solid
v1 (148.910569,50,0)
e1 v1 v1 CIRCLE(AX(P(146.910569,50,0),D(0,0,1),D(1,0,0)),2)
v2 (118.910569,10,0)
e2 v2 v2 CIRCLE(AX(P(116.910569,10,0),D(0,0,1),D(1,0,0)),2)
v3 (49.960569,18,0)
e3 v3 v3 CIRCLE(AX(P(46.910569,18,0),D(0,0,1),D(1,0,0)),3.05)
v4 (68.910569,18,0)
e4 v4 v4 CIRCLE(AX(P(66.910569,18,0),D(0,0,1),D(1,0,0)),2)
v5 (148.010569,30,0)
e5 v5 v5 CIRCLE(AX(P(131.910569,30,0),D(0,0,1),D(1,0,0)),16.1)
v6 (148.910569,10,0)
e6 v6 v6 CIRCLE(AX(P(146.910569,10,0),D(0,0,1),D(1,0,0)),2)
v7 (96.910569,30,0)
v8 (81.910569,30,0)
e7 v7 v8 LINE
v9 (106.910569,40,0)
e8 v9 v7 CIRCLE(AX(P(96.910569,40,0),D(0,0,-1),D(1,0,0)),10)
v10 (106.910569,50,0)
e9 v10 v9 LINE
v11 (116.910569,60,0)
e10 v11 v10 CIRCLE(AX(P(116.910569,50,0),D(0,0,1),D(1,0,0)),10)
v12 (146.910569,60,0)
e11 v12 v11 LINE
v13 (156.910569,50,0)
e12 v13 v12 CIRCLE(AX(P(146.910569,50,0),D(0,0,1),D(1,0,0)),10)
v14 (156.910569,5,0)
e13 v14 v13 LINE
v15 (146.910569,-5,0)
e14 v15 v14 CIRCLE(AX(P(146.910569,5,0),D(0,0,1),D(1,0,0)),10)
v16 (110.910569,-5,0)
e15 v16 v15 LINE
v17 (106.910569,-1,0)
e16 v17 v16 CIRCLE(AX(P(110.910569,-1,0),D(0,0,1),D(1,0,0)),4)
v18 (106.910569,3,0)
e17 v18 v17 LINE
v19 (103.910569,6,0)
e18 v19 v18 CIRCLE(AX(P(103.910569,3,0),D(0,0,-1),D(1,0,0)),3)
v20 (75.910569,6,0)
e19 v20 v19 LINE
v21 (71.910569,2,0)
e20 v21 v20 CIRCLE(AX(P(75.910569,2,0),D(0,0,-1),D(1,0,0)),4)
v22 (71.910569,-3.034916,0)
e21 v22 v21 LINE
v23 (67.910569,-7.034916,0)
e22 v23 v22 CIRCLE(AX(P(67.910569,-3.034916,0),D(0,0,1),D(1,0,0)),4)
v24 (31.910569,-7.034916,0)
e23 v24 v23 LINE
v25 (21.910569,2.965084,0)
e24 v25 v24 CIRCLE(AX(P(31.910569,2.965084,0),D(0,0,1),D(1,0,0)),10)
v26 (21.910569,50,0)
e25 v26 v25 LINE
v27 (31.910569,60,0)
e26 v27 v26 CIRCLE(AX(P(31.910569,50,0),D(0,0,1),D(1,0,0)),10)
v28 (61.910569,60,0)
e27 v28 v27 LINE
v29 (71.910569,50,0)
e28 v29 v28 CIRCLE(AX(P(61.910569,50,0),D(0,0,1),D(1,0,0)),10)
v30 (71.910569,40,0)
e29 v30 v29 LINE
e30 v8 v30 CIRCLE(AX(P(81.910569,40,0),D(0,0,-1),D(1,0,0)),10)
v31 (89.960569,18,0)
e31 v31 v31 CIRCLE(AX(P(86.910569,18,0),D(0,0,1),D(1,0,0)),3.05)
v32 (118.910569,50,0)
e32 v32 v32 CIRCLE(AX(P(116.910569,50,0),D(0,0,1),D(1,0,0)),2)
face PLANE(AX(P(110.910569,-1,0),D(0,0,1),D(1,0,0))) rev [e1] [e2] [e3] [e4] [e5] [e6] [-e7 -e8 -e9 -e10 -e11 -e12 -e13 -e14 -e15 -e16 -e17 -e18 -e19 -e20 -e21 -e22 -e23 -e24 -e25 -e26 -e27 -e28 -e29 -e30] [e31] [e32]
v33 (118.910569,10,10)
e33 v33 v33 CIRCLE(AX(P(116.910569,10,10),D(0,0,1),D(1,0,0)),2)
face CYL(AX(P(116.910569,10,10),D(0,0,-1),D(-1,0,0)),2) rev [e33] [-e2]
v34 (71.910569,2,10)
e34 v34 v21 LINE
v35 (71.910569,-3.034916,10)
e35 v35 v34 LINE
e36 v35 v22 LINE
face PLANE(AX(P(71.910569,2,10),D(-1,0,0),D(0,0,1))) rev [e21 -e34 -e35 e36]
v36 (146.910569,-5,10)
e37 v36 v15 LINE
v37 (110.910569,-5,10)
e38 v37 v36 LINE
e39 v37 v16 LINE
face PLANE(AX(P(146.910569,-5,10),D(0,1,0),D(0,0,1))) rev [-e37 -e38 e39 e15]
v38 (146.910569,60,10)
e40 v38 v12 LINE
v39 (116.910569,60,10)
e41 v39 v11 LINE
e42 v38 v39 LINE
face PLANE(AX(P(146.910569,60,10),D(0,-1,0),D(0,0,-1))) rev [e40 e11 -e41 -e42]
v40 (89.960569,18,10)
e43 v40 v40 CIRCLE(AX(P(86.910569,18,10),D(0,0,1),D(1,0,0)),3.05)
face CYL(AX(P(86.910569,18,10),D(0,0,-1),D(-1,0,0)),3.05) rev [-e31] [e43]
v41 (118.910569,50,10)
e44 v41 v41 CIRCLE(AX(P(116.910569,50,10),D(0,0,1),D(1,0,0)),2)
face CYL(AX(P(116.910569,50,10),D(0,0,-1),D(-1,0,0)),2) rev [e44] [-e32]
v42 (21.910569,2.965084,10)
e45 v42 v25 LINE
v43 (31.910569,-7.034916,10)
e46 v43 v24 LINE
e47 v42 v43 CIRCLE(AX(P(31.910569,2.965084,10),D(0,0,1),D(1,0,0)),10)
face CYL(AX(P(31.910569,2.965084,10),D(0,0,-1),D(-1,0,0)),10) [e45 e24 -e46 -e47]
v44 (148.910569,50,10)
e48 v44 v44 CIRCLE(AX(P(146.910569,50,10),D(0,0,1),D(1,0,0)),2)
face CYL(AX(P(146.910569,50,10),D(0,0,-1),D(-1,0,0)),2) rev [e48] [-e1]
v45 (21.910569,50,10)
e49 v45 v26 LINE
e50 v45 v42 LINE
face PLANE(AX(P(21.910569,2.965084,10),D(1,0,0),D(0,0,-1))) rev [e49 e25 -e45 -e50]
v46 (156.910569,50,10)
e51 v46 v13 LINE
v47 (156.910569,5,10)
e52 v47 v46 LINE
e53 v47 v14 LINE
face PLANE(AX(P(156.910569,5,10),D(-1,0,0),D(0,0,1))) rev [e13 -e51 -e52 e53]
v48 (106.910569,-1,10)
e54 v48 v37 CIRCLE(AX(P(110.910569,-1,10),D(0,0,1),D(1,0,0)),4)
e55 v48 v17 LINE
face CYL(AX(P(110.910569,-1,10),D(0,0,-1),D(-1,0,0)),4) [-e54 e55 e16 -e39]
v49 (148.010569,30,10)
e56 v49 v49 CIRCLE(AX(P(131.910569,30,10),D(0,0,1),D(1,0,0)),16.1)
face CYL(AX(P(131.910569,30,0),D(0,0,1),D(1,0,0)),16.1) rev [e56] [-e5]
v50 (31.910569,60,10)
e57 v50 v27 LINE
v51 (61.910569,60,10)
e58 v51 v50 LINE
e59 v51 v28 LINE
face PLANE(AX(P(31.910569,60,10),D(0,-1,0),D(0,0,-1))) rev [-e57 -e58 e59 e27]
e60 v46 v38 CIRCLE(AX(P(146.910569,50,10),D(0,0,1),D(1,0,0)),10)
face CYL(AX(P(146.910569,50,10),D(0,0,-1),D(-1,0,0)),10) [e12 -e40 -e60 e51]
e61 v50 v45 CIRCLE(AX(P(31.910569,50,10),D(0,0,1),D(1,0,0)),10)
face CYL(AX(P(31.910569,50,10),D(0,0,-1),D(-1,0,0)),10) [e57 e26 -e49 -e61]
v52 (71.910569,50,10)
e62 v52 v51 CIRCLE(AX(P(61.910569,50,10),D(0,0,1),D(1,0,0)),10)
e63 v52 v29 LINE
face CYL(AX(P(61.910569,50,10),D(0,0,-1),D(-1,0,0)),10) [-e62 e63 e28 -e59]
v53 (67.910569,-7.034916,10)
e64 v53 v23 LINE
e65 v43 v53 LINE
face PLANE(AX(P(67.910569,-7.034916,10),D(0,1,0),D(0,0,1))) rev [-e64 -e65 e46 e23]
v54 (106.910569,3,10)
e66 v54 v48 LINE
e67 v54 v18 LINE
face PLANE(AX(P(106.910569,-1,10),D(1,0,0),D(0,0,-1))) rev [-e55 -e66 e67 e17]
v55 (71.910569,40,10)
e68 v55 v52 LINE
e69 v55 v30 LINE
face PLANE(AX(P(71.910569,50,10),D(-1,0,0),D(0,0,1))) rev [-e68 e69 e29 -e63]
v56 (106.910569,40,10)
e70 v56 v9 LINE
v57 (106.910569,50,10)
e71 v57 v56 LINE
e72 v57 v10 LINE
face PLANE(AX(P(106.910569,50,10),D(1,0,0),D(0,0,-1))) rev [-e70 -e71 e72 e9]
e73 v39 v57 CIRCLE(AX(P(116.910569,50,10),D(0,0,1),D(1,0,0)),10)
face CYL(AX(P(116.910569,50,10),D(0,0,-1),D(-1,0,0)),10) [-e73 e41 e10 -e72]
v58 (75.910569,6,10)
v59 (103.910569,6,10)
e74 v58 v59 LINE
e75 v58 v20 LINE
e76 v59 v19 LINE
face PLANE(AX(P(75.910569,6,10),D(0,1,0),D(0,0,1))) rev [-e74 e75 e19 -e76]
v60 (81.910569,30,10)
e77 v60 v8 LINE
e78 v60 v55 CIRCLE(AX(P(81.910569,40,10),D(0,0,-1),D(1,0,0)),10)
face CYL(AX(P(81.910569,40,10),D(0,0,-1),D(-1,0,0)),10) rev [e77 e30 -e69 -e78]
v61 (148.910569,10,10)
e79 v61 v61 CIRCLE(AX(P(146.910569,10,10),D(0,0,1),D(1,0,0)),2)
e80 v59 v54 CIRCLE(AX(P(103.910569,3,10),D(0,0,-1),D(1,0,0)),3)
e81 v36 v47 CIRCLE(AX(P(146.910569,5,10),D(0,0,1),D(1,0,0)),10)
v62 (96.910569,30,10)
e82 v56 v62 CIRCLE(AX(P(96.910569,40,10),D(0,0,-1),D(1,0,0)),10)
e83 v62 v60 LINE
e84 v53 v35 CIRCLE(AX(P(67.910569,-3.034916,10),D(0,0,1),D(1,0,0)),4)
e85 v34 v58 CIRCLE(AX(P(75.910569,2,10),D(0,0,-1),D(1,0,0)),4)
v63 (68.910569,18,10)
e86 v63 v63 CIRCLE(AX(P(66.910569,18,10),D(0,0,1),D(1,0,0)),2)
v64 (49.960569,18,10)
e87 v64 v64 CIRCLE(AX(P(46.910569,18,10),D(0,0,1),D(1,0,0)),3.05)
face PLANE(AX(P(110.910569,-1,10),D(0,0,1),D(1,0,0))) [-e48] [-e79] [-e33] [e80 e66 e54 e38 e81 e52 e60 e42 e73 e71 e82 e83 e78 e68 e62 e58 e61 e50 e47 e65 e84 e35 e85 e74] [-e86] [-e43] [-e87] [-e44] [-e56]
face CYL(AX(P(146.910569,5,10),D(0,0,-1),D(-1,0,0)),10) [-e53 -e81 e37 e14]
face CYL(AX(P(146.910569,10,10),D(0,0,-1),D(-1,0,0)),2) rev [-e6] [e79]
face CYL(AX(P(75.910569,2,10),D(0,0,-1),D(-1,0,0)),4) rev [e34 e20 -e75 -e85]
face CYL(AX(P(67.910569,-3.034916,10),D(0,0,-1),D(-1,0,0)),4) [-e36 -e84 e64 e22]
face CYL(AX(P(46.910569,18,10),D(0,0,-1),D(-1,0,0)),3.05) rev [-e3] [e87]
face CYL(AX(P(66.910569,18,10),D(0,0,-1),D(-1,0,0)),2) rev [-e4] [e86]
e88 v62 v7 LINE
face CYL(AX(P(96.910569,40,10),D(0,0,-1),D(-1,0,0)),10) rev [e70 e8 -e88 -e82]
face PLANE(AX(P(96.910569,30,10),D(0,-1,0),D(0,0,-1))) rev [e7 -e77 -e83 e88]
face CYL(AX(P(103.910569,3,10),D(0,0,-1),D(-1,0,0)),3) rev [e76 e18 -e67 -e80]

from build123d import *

# Parameters (mm, degrees)
MODEL_R             = 2
MODEL_R_2           = 3.05
MODEL_R_3           = 6.75
BOSS_EXTRUDE1_DEPTH = 10
SKETCH2_R           = 16.1
CUT_EXTRUDE1_DEPTH  = 10


with BuildPart() as part:
    # Model → Boss-Extrude1 (new body)
    with BuildSketch(Plane.XY):
        with BuildLine():
            Line((106.910569106, -1), (106.910569106, 3))
            ThreePointArc((106.910569106, 3), (106.031889449, 5.121320344), (103.910569106, 6))
            Line((103.910569106, 6), (75.910569106, 6))
            ThreePointArc((75.910569106, 6), (73.082141981, 4.828427125), (71.910569106, 2))
            Line((71.910569106, 2), (71.910569106, -3.03491552))
            ThreePointArc((71.910569106, -3.03491552), (70.73899623, -5.863342645), (67.910569106, -7.034915521))
            Line((67.910569106, -7.034915521), (31.910569106, -7.034915521))
            ThreePointArc((31.910569106, -7.034915521), (24.839501294, -4.105983332), (21.910569106, 2.96508448))
            Line((21.910569106, 2.96508448), (21.910569106, 50))
            ThreePointArc((21.910569106, 50), (24.839501294, 57.071067812), (31.910569106, 60))
            Line((31.910569106, 60), (61.910569106, 60))
            ThreePointArc((61.910569106, 60), (68.981636918, 57.071067812), (71.910569106, 50))
            Line((71.910569106, 50), (71.910569106, 40))
            ThreePointArc((71.910569106, 40), (74.839501294, 32.928932188), (81.910569106, 30))
            Line((81.910569106, 30), (96.910569106, 30))
            ThreePointArc((96.910569106, 30), (103.981636918, 32.928932188), (106.910569106, 40))
            Line((106.910569106, 40), (106.910569106, 50))
            ThreePointArc((106.910569106, 50), (109.839501294, 57.071067812), (116.910569106, 60))
            Line((116.910569106, 60), (146.910569106, 60))
            ThreePointArc((146.910569106, 60), (153.981636918, 57.071067812), (156.910569106, 50))
            Line((156.910569106, 50), (156.910569106, 5))
            ThreePointArc((156.910569106, 5), (153.981636918, -2.071067812), (146.910569106, -5))
            Line((146.910569106, -5), (110.910569106, -5))
            ThreePointArc((110.910569106, -5), (108.082141981, -3.828427125), (106.910569106, -1))
        make_face()
        with Locations((66.910569106, 18)):
            Circle(MODEL_R, mode=Mode.SUBTRACT)
        with Locations((46.910569106, 18)):
            Circle(MODEL_R_2, mode=Mode.SUBTRACT)
        with Locations((116.910569106, 10)):
            Circle(MODEL_R, mode=Mode.SUBTRACT)
        with Locations((146.910569106, 10)):
            Circle(MODEL_R, mode=Mode.SUBTRACT)
        with Locations((146.910569106, 50)):
            Circle(MODEL_R, mode=Mode.SUBTRACT)
        with Locations((116.910569106, 50)):
            Circle(MODEL_R, mode=Mode.SUBTRACT)
        with Locations((131.910569106, 30)):
            Circle(MODEL_R_3, mode=Mode.SUBTRACT)
        with Locations((86.910569106, 18)):
            Circle(MODEL_R_2, mode=Mode.SUBTRACT)
    extrude(amount=BOSS_EXTRUDE1_DEPTH)

    # Sketch2 → Cut-Extrude1 (cut)
    with BuildSketch(Plane.XY.offset(10)):
        with Locations((131.910569106, 30)):
            Circle(SKETCH2_R)
    extrude(amount=-CUT_EXTRUDE1_DEPTH, mode=Mode.SUBTRACT)


solid = part.part
